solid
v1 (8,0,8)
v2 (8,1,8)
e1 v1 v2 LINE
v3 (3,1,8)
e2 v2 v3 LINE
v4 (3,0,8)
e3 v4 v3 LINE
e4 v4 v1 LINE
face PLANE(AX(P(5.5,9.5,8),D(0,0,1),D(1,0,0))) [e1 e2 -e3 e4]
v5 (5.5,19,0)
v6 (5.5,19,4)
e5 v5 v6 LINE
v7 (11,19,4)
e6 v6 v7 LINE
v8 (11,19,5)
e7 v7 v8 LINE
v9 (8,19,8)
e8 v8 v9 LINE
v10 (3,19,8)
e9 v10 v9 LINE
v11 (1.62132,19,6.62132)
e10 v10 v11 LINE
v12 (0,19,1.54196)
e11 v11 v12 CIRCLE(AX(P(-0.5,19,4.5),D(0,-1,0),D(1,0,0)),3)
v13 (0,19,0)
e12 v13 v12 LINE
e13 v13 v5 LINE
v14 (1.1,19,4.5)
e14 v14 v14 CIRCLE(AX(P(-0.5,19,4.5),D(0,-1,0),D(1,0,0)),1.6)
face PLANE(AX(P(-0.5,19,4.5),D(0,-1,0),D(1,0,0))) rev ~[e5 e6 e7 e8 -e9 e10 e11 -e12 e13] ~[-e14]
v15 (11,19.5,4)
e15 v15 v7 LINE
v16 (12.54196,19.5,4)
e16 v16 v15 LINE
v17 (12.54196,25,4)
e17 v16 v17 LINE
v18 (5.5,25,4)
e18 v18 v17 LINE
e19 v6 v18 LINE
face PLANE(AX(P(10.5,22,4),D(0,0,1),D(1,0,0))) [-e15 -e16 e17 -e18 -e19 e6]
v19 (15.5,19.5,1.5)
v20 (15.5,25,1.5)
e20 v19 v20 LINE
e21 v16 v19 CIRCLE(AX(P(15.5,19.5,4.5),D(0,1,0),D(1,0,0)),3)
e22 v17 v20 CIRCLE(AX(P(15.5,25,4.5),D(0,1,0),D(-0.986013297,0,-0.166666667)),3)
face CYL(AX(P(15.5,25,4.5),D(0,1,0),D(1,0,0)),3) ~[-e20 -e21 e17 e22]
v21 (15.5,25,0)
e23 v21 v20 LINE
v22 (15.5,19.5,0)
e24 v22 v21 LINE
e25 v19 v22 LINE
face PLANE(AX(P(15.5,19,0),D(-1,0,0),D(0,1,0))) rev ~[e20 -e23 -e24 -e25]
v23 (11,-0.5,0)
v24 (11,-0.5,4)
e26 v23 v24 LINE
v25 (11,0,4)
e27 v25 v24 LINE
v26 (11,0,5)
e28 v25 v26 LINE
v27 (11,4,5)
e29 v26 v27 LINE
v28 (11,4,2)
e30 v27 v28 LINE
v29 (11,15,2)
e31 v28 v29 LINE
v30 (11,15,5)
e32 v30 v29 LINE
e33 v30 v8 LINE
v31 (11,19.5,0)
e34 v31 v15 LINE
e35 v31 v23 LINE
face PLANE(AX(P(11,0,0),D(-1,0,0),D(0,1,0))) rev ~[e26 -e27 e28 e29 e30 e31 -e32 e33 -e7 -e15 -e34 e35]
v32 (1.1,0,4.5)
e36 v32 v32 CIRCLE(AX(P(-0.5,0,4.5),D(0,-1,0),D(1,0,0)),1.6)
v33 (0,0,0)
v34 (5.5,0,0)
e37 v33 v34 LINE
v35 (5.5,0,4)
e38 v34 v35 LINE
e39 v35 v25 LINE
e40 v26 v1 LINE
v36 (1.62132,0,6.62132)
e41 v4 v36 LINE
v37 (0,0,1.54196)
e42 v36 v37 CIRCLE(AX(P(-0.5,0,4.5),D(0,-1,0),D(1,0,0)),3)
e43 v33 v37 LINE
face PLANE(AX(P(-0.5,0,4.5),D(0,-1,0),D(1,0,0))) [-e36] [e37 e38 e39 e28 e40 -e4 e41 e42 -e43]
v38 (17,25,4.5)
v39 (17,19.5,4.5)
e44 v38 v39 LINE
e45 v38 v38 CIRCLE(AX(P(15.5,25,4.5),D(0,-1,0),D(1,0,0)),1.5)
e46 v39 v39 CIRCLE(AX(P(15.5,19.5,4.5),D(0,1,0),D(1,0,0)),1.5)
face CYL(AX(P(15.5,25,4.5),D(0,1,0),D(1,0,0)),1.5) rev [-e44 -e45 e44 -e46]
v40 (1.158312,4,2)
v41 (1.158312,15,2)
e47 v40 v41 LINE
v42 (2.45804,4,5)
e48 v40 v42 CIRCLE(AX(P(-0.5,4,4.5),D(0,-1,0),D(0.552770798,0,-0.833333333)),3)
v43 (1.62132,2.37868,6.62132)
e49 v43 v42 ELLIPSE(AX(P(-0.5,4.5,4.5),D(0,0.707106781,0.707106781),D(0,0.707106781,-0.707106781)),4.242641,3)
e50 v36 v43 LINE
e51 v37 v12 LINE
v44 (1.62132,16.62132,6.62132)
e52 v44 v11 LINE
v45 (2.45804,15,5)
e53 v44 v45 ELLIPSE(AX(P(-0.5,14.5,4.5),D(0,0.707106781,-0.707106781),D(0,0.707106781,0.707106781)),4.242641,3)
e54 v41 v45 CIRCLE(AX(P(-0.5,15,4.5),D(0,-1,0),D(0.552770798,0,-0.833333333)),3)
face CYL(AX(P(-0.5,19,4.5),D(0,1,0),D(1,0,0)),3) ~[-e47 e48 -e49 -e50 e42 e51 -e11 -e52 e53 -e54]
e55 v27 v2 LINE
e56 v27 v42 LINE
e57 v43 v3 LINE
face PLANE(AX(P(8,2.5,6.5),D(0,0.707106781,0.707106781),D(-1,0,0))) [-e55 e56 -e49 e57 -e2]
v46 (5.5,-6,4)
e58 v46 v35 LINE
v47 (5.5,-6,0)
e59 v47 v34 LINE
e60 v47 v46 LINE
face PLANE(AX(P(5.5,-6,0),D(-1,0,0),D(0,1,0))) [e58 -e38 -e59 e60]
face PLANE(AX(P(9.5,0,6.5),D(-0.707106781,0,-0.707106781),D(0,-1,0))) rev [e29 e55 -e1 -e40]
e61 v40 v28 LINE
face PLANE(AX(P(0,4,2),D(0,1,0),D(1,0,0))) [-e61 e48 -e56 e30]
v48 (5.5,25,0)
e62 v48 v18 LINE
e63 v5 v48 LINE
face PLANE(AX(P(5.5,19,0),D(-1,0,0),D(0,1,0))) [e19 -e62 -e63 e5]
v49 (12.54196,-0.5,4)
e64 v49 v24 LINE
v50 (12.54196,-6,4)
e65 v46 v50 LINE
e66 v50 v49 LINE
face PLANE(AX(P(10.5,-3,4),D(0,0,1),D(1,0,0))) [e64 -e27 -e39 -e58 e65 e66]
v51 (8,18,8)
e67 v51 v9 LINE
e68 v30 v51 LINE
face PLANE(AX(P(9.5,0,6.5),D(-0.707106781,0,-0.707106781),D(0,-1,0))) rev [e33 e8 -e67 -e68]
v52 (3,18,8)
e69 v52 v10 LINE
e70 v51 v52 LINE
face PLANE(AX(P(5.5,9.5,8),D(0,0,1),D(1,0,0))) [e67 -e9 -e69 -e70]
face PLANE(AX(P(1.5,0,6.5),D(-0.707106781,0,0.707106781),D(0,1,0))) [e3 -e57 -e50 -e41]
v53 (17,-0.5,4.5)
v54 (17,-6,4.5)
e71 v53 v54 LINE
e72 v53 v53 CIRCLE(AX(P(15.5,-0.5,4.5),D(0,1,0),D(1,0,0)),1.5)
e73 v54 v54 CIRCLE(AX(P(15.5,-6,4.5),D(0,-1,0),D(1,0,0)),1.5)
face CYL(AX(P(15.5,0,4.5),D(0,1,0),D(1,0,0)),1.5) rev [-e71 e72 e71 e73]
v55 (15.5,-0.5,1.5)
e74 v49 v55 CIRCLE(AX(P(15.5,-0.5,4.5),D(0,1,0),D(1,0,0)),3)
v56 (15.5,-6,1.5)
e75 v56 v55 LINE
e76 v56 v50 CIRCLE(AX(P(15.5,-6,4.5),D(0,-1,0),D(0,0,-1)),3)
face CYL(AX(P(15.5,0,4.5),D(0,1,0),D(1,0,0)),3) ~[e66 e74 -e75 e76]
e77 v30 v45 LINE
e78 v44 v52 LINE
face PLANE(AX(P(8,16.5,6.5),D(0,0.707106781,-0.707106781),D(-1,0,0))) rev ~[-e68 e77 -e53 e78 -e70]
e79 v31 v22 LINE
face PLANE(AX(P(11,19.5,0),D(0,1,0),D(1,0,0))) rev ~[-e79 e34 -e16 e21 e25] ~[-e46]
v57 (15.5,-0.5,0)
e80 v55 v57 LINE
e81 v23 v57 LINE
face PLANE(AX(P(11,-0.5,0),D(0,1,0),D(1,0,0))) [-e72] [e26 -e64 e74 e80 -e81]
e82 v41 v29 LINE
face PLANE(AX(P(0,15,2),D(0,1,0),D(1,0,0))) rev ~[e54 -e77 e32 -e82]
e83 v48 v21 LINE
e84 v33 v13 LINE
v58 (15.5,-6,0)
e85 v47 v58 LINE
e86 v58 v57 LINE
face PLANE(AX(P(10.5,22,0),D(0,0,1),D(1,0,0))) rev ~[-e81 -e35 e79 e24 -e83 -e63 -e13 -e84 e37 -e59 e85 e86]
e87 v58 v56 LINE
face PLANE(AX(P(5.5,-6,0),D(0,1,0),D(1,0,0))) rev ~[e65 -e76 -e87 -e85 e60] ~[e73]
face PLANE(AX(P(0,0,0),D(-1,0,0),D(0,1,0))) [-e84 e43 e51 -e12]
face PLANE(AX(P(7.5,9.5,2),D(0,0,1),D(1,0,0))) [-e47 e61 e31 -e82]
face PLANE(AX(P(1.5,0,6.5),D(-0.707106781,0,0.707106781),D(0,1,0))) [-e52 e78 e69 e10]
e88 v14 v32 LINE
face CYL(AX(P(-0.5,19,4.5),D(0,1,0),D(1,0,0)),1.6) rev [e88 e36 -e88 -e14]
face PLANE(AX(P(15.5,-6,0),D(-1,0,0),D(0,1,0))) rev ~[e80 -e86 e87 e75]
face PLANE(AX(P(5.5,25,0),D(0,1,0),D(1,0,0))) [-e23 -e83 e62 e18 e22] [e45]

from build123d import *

# Parameters (mm, degrees)
BOX005_W               = 11
BOX005_H               = 20
BOX005_DEPTH           = 8
CYLINDER002_R          = 1.6
CYLINDER002_DEPTH      = 19
CYLINDER002_ROLL_ANGLE = 90
BOX001_W               = 15
BOX001_H               = 11
BOX001_DEPTH           = 7
BOX_W                  = 11
BOX_H                  = 19
BOX_DEPTH              = 8
CHAMFER_SIZE           = 3
CHAMFER001_SIZE        = 3
CHAMFER003_SIZE        = 3
CHAMFER004_SIZE        = 3
CYLINDER005_R          = 3
CYLINDER005_DEPTH      = 19
CYLINDER005_ROLL_ANGLE = 90
CYLINDER007_R          = 1.5
CYLINDER007_DEPTH      = 6
CYLINDER007_ROLL_ANGLE = 90
BOX004_W               = 10
BOX004_H               = 6
BOX004_DEPTH           = 4
CYLINDER008_R          = 3
CYLINDER008_DEPTH      = 6
CYLINDER008_ROLL_ANGLE = 90
CYLINDER003_R          = 1.5
CYLINDER003_DEPTH      = 6
CYLINDER003_ROLL_ANGLE = 90
BOX002_W               = 10
BOX002_H               = 6
BOX002_DEPTH           = 4
CYLINDER004_R          = 3
CYLINDER004_DEPTH      = 6
CYLINDER004_ROLL_ANGLE = 90


with BuildPart() as cube005:
    # Box005 → Box005 (new body)
    with BuildSketch(Plane(origin=(11, -0.5, 0), x_dir=(1, 0, 0), z_dir=(0, 0, 1))):
        with Locations((5.5, 10)):
            Rectangle(BOX005_W, BOX005_H)
    extrude(amount=BOX005_DEPTH)


with BuildPart() as cylinder001:
    # Cylinder002 → Cylinder002 (new body)
    with BuildSketch(Plane.XY):
        Circle(CYLINDER002_R)
    extrude(amount=CYLINDER002_DEPTH)


with BuildPart() as cylinder001_1:
    # Cylinder002 roll: moved
    add(cylinder001.part.rotate(Axis((0, 0, 0), (1, 0, 0)), CYLINDER002_ROLL_ANGLE))


with BuildPart() as cylinder001_2:
    # Cylinder002 placement: moved
    add(cylinder001_1.part.moved(Location((-0.5, 19, 4.5))))


with BuildPart() as cube001:
    # Box001 → Box001 (new body)
    with BuildSketch(Plane(origin=(0, 4, 2), x_dir=(1, 0, 0), z_dir=(0, 0, 1))):
        with Locations((7.5, 5.5)):
            Rectangle(BOX001_W, BOX001_H)
    extrude(amount=BOX001_DEPTH)


with BuildPart() as chamfer004:
    # Box → Box (new body)
    with BuildSketch(Plane.XY):
        with Locations((5.5, 9.5)):
            Rectangle(BOX_W, BOX_H)
    extrude(amount=BOX_DEPTH)

    # Chamfer
    chamfer_edges = [chamfer004.edges().sort_by_distance(p)[0] for p in [
        (11, 9.5, 8),
    ]]
    chamfer(chamfer_edges, length=CHAMFER_SIZE)

    # Chamfer001
    chamfer001_edges = [chamfer004.edges().sort_by_distance(p)[0] for p in [
        (0, 9.5, 8),
    ]]
    chamfer(chamfer001_edges, length=CHAMFER001_SIZE)

    # Cut003: cut Cube001
    add(cube001.part, mode=Mode.SUBTRACT)

    # Chamfer003
    chamfer003_edges = [chamfer004.edges().sort_by_distance(p)[0] for p in [
        (5.5, 15, 8),
    ]]
    chamfer(chamfer003_edges, length=CHAMFER003_SIZE)

    # Chamfer004
    chamfer004_edges = [chamfer004.edges().sort_by_distance(p)[0] for p in [
        (5.5, 4, 8),
    ]]
    chamfer(chamfer004_edges, length=CHAMFER004_SIZE)


with BuildPart() as central_eslabon:
    # Cylinder005 → Cylinder005 (new body)
    with BuildSketch(Plane.XY):
        Circle(CYLINDER005_R)
    extrude(amount=CYLINDER005_DEPTH)


with BuildPart() as central_eslabon_1:
    # Cylinder005 roll: moved
    add(central_eslabon.part.rotate(Axis((0, 0, 0), (1, 0, 0)), CYLINDER005_ROLL_ANGLE))


with BuildPart() as central_eslabon_2:
    # Cylinder005 placement: moved
    add(central_eslabon_1.part.moved(Location((-0.5, 19, 4.5))))

    # Fusion001: union Chamfer004
    add(chamfer004.part)

    # Cut004: cut Cylinder001
    add(cylinder001_2.part, mode=Mode.SUBTRACT)


with BuildPart() as cylinder029:
    # Cylinder007 → Cylinder007 (new body)
    with BuildSketch(Plane.XY):
        Circle(CYLINDER007_R)
    extrude(amount=CYLINDER007_DEPTH)


with BuildPart() as cylinder029_1:
    # Cylinder007 roll: moved
    add(cylinder029.part.rotate(Axis((0, 0, 0), (1, 0, 0)), CYLINDER007_ROLL_ANGLE))


with BuildPart() as cylinder029_2:
    # Cylinder007 placement: moved
    add(cylinder029_1.part.moved(Location((15.5, 25, 4.5))))


with BuildPart() as cube004:
    # Box004 → Box004 (new body)
    with BuildSketch(Plane(origin=(5, 19, 0), x_dir=(1, 0, 0), z_dir=(0, 0, 1))):
        with Locations((5, 3)):
            Rectangle(BOX004_W, BOX004_H)
    extrude(amount=BOX004_DEPTH)


with BuildPart() as lado_1_eslabon001:
    # Cylinder008 → Cylinder008 (new body)
    with BuildSketch(Plane.XY):
        Circle(CYLINDER008_R)
    extrude(amount=CYLINDER008_DEPTH)


with BuildPart() as lado_1_eslabon001_1:
    # Cylinder008 roll: moved
    add(lado_1_eslabon001.part.rotate(Axis((0, 0, 0), (1, 0, 0)), CYLINDER008_ROLL_ANGLE))


with BuildPart() as lado_1_eslabon001_2:
    # Cylinder008 placement: moved
    add(lado_1_eslabon001_1.part.moved(Location((15, 25, 4.5))))

    # Fusion002: union Cube004
    add(cube004.part)


with BuildPart() as lado_1_eslabon001_3:
    # Fusion002 placement: moved
    add(lado_1_eslabon001_2.part.moved(Location((0.5, 0, 0))))

    # Cut005: cut Cylinder029
    add(cylinder029_2.part, mode=Mode.SUBTRACT)


with BuildPart() as cylinder002:
    # Cylinder003 → Cylinder003 (new body)
    with BuildSketch(Plane.XY):
        Circle(CYLINDER003_R)
    extrude(amount=CYLINDER003_DEPTH)


with BuildPart() as cylinder002_1:
    # Cylinder003 roll: moved
    add(cylinder002.part.rotate(Axis((0, 0, 0), (1, 0, 0)), CYLINDER003_ROLL_ANGLE))


with BuildPart() as cylinder002_2:
    # Cylinder003 placement: moved
    add(cylinder002_1.part.moved(Location((15.5, 0, 4.5))))


with BuildPart() as cube002:
    # Box002 → Box002 (new body)
    with BuildSketch(Plane(origin=(5, -6, 0), x_dir=(1, 0, 0), z_dir=(0, 0, 1))):
        with Locations((5, 3)):
            Rectangle(BOX002_W, BOX002_H)
    extrude(amount=BOX002_DEPTH)


with BuildPart() as eslabon:
    # Cylinder004 → Cylinder004 (new body)
    with BuildSketch(Plane.XY):
        Circle(CYLINDER004_R)
    extrude(amount=CYLINDER004_DEPTH)


with BuildPart() as eslabon_1:
    # Cylinder004 roll: moved
    add(eslabon.part.rotate(Axis((0, 0, 0), (1, 0, 0)), CYLINDER004_ROLL_ANGLE))


with BuildPart() as eslabon_2:
    # Cylinder004 placement: moved
    add(eslabon_1.part.moved(Location((15, 0, 4.5))))

    # Fusion: union Cube002
    add(cube002.part)


with BuildPart() as eslabon_3:
    # Fusion placement: moved
    add(eslabon_2.part.moved(Location((0.5, 0, 0))))

    # Cut002: cut Cylinder002
    add(cylinder002_2.part, mode=Mode.SUBTRACT)

    # Fusion003: union Central Eslabon, Lado 1 Eslabon001
    add(central_eslabon_2.part)
    add(lado_1_eslabon001_3.part)

    # Cut006: cut Cube005
    add(cube005.part, mode=Mode.SUBTRACT)


solid = eslabon_3.part
